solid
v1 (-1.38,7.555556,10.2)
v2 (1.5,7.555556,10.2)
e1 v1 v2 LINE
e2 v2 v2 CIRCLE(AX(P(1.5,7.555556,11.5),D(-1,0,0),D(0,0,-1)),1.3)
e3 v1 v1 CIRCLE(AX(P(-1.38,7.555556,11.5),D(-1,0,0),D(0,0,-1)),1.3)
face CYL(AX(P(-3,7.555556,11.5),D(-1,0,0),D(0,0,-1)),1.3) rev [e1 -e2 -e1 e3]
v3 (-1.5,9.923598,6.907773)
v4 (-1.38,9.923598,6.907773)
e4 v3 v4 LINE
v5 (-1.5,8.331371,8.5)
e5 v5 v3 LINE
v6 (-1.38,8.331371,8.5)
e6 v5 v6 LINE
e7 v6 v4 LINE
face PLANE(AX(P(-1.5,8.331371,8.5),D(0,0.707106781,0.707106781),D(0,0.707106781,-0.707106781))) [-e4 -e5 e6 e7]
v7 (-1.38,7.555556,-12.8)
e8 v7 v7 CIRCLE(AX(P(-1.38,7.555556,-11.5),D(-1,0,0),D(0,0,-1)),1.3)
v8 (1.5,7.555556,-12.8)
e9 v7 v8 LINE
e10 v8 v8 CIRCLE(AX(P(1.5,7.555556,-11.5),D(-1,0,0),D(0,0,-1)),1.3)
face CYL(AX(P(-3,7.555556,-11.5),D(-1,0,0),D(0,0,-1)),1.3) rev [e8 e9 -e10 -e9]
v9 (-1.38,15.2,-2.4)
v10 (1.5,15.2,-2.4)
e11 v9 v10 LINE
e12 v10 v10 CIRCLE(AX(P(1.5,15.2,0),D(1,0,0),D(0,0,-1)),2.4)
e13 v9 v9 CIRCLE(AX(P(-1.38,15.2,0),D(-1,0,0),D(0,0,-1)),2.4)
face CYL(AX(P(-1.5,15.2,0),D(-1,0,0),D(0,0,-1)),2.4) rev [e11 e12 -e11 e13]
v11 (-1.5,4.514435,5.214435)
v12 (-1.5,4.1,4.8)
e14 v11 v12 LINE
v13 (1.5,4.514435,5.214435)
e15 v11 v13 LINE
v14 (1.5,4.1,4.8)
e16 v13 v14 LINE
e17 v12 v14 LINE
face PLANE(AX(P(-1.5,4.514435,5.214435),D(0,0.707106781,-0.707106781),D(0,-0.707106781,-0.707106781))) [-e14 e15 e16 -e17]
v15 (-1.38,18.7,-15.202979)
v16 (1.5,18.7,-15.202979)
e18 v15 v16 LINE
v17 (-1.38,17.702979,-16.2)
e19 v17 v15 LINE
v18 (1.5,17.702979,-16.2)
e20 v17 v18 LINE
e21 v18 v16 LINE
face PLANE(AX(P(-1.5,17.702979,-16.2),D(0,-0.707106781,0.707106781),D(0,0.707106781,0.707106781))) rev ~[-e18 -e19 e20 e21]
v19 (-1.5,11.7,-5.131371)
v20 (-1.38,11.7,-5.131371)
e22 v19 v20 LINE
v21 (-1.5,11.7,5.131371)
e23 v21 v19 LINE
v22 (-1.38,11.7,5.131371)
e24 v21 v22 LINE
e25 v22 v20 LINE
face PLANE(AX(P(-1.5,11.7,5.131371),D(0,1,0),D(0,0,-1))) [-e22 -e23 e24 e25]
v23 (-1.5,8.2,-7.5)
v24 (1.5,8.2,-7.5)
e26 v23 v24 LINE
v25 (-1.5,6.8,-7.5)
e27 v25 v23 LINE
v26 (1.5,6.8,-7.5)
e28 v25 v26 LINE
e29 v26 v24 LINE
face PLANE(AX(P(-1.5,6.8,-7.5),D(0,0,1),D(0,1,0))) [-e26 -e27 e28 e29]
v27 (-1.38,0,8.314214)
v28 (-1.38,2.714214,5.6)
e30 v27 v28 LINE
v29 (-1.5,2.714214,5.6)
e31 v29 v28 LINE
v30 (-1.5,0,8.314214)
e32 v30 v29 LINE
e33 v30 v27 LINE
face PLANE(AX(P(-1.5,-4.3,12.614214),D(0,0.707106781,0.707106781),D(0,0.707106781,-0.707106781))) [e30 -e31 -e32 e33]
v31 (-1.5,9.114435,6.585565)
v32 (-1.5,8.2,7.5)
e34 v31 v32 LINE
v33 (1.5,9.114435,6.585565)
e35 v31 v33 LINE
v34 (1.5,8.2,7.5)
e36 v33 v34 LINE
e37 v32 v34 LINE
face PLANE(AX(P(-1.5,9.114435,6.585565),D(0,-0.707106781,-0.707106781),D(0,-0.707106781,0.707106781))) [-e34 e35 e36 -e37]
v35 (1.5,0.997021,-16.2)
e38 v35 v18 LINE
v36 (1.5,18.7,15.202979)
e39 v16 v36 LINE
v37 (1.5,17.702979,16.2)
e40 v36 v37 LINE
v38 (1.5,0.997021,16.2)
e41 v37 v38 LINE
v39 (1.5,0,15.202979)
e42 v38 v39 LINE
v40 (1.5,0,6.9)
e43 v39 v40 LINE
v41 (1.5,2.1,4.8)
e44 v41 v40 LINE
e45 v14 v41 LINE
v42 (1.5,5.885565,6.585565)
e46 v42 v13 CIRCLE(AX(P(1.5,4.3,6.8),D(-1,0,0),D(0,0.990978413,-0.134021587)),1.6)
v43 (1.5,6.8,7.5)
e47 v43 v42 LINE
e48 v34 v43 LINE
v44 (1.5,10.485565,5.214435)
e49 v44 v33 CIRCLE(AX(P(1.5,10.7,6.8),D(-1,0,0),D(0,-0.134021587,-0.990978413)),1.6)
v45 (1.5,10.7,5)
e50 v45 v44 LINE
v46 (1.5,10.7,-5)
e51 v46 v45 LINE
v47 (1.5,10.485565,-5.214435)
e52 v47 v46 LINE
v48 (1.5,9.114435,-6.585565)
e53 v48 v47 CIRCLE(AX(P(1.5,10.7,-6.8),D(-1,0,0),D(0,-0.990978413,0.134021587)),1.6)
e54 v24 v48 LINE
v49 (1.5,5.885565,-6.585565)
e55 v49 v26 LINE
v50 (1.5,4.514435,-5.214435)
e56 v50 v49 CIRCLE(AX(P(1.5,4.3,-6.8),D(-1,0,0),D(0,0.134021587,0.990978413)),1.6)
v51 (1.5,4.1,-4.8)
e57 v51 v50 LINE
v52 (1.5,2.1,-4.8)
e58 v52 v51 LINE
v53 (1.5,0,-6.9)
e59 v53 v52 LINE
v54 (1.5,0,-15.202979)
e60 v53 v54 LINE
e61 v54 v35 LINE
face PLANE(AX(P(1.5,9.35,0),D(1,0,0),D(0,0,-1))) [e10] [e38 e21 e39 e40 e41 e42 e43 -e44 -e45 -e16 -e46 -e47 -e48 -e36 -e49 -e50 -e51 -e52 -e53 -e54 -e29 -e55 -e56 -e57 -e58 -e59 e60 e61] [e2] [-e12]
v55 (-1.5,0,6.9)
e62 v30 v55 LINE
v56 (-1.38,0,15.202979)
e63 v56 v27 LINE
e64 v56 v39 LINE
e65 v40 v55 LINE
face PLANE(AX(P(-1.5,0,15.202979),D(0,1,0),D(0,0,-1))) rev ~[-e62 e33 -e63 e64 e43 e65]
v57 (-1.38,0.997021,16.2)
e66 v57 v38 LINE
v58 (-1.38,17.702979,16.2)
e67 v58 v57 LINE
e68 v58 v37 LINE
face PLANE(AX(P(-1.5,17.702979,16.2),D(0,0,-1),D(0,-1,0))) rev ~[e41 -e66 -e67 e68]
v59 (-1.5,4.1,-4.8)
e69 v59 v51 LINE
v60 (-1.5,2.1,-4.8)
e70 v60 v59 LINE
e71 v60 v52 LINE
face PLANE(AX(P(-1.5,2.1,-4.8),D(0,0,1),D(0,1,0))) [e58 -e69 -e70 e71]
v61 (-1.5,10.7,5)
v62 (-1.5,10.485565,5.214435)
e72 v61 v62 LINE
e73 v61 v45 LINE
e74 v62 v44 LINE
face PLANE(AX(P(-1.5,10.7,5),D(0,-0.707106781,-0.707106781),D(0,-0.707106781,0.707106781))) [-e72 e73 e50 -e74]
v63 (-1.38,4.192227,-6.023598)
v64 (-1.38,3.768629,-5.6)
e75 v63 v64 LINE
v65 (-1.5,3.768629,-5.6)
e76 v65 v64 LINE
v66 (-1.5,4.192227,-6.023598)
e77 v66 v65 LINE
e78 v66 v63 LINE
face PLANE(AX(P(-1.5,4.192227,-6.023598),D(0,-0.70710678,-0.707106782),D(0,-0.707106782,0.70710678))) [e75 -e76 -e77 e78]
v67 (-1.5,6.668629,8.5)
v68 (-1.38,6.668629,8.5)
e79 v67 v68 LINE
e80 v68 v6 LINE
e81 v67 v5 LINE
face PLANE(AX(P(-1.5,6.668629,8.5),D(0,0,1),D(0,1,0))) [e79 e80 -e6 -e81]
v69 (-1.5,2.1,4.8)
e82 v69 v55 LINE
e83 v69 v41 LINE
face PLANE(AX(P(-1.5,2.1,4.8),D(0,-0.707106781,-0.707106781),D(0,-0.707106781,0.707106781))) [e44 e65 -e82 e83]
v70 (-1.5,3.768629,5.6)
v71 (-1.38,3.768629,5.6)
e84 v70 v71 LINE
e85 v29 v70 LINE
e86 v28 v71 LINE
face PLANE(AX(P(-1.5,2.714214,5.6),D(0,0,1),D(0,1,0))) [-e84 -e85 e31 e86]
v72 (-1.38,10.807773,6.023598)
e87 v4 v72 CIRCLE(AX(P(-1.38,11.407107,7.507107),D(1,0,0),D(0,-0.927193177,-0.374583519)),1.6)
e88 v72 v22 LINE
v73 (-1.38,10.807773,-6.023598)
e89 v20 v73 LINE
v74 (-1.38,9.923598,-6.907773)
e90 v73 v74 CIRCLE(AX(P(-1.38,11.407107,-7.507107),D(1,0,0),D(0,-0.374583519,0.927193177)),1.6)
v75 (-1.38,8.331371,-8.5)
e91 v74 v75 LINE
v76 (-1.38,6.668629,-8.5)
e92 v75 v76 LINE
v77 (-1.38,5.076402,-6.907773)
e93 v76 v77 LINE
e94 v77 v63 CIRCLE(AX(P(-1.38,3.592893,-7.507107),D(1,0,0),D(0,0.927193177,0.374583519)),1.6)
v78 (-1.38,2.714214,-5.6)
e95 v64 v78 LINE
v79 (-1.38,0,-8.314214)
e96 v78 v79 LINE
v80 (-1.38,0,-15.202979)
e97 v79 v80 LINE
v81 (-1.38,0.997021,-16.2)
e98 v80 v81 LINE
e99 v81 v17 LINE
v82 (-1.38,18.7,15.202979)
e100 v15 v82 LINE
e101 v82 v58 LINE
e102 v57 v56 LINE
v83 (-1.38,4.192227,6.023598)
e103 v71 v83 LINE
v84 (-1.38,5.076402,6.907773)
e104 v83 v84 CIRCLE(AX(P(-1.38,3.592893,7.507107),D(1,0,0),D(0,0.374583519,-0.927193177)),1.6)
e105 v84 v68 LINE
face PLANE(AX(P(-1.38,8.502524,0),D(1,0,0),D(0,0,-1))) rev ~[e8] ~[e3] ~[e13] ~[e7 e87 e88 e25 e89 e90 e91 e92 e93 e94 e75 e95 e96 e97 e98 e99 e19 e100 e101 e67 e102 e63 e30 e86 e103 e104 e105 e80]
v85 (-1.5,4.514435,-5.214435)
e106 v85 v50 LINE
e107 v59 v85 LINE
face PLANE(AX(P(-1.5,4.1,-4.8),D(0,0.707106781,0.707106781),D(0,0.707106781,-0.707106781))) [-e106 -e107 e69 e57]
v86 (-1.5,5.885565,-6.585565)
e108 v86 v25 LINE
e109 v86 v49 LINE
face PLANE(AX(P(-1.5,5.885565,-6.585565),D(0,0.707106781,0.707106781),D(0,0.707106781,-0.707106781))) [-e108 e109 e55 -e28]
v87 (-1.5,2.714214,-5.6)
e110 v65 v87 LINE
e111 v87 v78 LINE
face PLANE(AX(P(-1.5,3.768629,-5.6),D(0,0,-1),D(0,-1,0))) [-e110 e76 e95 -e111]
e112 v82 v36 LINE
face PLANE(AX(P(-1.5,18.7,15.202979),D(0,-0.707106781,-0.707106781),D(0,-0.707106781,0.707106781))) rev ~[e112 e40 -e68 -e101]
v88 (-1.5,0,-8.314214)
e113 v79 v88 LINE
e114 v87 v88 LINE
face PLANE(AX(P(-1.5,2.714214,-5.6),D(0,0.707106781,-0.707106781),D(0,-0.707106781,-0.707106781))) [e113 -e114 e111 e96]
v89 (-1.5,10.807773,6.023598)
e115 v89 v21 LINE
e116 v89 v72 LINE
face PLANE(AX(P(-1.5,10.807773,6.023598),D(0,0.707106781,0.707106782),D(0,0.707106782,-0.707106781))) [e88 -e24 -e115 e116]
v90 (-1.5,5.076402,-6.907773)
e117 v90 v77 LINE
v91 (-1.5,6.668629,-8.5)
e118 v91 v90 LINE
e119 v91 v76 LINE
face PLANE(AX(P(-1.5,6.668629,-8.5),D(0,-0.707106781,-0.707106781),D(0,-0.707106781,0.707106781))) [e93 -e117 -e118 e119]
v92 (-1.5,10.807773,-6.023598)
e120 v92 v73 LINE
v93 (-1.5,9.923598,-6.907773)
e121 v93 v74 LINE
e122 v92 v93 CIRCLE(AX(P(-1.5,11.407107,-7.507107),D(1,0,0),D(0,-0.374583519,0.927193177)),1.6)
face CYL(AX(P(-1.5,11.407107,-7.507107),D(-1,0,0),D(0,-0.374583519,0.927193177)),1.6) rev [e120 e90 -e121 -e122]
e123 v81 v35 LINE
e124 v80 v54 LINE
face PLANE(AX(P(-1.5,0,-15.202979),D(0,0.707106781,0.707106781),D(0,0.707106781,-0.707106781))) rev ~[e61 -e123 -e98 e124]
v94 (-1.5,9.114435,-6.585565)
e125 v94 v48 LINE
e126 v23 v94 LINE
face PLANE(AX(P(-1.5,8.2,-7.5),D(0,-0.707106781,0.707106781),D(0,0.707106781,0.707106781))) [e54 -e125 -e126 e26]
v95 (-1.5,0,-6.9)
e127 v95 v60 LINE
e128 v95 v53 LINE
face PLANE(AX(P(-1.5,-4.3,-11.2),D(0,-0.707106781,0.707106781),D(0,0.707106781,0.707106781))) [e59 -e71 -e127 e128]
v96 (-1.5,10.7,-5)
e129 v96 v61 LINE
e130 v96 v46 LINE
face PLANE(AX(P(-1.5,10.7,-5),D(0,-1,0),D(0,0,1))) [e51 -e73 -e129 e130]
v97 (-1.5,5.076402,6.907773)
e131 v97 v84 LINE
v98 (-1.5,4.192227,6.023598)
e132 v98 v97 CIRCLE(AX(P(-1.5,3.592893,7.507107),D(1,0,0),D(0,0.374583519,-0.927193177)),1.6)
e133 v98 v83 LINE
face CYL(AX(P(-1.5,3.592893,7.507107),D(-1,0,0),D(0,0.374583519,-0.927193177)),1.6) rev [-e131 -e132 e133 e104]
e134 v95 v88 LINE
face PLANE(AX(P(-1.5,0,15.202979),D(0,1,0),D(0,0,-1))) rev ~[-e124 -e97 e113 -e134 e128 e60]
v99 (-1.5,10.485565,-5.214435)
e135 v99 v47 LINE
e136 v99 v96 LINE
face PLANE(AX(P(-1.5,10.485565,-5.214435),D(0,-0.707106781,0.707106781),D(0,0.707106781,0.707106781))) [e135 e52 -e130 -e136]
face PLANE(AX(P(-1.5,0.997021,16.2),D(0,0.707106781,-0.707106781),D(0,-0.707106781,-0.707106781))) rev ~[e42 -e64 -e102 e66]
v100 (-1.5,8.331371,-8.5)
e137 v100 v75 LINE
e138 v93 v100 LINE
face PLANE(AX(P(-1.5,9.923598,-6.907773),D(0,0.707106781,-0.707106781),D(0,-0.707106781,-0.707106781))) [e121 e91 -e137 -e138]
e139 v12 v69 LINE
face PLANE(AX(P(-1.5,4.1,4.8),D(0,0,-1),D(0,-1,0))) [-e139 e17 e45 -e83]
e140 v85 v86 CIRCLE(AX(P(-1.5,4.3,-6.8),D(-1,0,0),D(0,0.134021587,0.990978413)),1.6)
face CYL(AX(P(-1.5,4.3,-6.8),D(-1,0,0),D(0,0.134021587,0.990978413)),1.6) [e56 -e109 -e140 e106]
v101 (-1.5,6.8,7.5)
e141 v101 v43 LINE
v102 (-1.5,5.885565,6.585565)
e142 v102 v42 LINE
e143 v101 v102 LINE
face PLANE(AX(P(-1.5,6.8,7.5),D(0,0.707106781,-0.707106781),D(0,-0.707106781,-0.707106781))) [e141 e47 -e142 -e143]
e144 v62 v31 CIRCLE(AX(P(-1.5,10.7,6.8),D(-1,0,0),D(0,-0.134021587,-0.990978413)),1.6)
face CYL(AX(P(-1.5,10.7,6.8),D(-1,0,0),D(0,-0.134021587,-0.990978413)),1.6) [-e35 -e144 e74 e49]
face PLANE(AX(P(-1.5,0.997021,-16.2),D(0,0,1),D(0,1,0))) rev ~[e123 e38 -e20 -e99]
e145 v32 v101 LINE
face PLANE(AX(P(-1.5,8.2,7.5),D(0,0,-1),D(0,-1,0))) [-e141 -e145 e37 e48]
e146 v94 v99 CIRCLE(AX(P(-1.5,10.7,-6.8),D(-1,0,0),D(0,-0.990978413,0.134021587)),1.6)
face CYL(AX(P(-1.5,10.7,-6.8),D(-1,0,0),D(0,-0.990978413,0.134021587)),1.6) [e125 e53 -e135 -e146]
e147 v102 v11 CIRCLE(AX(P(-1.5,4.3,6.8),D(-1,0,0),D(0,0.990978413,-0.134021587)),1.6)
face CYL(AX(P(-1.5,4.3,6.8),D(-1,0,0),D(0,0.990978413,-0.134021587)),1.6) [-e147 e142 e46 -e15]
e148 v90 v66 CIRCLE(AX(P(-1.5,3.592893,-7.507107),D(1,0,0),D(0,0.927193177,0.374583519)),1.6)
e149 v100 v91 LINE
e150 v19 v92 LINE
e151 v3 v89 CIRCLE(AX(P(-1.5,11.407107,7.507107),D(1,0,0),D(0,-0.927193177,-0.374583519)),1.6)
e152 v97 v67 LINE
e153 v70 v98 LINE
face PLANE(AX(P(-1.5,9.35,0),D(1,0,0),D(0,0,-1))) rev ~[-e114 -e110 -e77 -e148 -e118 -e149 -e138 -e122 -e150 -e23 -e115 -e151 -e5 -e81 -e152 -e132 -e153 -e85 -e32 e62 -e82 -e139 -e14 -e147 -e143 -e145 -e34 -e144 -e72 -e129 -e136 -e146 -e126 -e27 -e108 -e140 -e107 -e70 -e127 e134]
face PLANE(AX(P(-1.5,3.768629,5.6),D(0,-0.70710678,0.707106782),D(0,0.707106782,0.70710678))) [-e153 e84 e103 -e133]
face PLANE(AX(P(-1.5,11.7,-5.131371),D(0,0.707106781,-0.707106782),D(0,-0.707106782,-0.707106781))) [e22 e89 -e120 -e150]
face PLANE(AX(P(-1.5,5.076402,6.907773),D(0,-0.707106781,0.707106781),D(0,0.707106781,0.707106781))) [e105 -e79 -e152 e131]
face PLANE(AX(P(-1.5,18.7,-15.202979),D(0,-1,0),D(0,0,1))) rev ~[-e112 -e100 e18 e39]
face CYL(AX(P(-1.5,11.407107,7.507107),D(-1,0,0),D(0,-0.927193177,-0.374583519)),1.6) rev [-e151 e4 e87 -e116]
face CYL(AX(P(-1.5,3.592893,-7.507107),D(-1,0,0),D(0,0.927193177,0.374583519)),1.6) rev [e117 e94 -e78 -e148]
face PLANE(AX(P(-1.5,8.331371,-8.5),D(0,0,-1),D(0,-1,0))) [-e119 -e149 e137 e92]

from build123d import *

# Parameters (mm, degrees)
EXTRUDE_1_DEPTH          = 1.5
EXTRUDE_1_DEPTH_BACK     = 1.5
CUT_EXTRUDE_1_DEPTH      = 1.5
CUT_EXTRUDE_1_DEPTH_BACK = 1.5
CUT_EXTRUDE_2_DEPTH      = 0.12
SKETCH_4_R               = 2.4
CUT_EXTRUDE_3_DEPTH      = 3
CUT_EXTRUDE_4_DEPTH      = 3
CUT_EXTRUDE_4_DEPTH_BACK = 3
SKETCH_5_R               = 1.3
CUT_EXTRUDE_5_DEPTH      = 3
CUT_EXTRUDE_5_DEPTH_BACK = 3
SKETCH_6_R               = 1.3


with BuildPart() as part:
    # Эскиз1 → Бобышка-Вытянуть1 (new, two sides: drawn at the far end of the back side and taken through both)
    with BuildSketch(Plane(origin=(0, 0, 0), x_dir=(0, 0, -1), z_dir=(1, 0, 0)).offset(-EXTRUDE_1_DEPTH_BACK)):
        Polygon((-16.2, 0.997020561), (-15.202979439, 0), (15.202979439, 0), (16.2, 0.997020561), (16.2, 17.702979439), (15.202979439, 18.7), (-15.202979439, 18.7), (-16.2, 17.702979439), align=None)
    extrude(amount=EXTRUDE_1_DEPTH + EXTRUDE_1_DEPTH_BACK)

    # Эскиз2 → Вырез-Вытянуть1 (cut, two sides: drawn at the far end of the back side and taken through both)
    with BuildSketch(Plane(origin=(0, 0, 0), x_dir=(0, 0, -1), z_dir=(1, 0, 0)).offset(-CUT_EXTRUDE_1_DEPTH_BACK)):
        with BuildLine():
            Line((-11.2, -4.3), (11.2, -4.3))
            Line((11.2, -4.3), (4.8, 2.1))
            Line((4.8, 2.1), (4.8, 4.1))
            Line((4.8, 4.1), (5.21443454, 4.51443454))
            ThreePointArc((5.21443454, 4.51443454), (5.66862915, 5.43137085), (6.58556546, 5.88556546))
            Line((6.58556546, 5.88556546), (7.5, 6.8))
            Line((7.5, 6.8), (7.5, 8.2))
            Line((7.5, 8.2), (6.58556546, 9.11443454))
            ThreePointArc((6.58556546, 9.11443454), (5.66862915, 9.56862915), (5.21443454, 10.48556546))
            Line((5.21443454, 10.48556546), (5, 10.7))
            Line((5, 10.7), (-5, 10.7))
            Line((-5, 10.7), (-5.21443454, 10.48556546))
            ThreePointArc((-5.21443454, 10.48556546), (-5.66862915, 9.56862915), (-6.58556546, 9.11443454))
            Line((-6.58556546, 9.11443454), (-7.5, 8.2))
            Line((-7.5, 8.2), (-7.5, 6.8))
            Line((-7.5, 6.8), (-6.58556546, 5.88556546))
            ThreePointArc((-6.58556546, 5.88556546), (-5.66862915, 5.43137085), (-5.21443454, 4.51443454))
            Line((-5.21443454, 4.51443454), (-4.8, 4.1))
            Line((-4.8, 4.1), (-4.8, 2.1))
            Line((-4.8, 2.1), (-11.2, -4.3))
        make_face()
    extrude(amount=CUT_EXTRUDE_1_DEPTH + CUT_EXTRUDE_1_DEPTH_BACK, mode=Mode.SUBTRACT)

    # Эскиз3 → Вырез-Вытянуть2 (cut)
    with BuildSketch(Plane(origin=(-1.5, 0, 0), x_dir=(0, 0, -1), z_dir=(1, 0, 0))):
        with BuildLine():
            Line((-16.2, -4.3), (-12.614213562, -4.3))
            Line((-12.614213562, -4.3), (-5.6, 2.714213562))
            Line((-5.6, 2.714213562), (-5.6, 3.76862915))
            Line((-5.6, 3.76862915), (-6.023597697, 4.192226848))
            ThreePointArc((-6.023597697, 4.192226848), (-6.375735931, 4.724264069), (-6.907773152, 5.076402303))
            Line((-6.907773152, 5.076402303), (-8.5, 6.66862915))
            Line((-8.5, 6.66862915), (-8.5, 8.33137085))
            Line((-8.5, 8.33137085), (-6.907773152, 9.923597697))
            ThreePointArc((-6.907773152, 9.923597697), (-6.375735931, 10.275735931), (-6.023597697, 10.807773152))
            Line((-6.023597697, 10.807773152), (-5.13137085, 11.7))
            Line((-5.13137085, 11.7), (5.13137085, 11.7))
            Line((5.13137085, 11.7), (6.023597697, 10.807773152))
            ThreePointArc((6.023597697, 10.807773152), (6.375735931, 10.275735931), (6.907773152, 9.923597697))
            Line((6.907773152, 9.923597697), (8.5, 8.33137085))
            Line((8.5, 8.33137085), (8.5, 6.66862915))
            Line((8.5, 6.66862915), (6.907773152, 5.076402303))
            ThreePointArc((6.907773152, 5.076402303), (6.375735931, 4.724264069), (6.023597697, 4.192226848))
            Line((6.023597697, 4.192226848), (5.6, 3.76862915))
            Line((5.6, 3.76862915), (5.6, 2.714213562))
            Line((5.6, 2.714213562), (12.614213562, -4.3))
            Line((12.614213562, -4.3), (16.2, -4.3))
            Line((16.2, -4.3), (16.2, 18.7))
            Line((16.2, 18.7), (-16.2, 18.7))
            Line((-16.2, 18.7), (-16.2, -4.3))
        make_face()
    extrude(amount=CUT_EXTRUDE_2_DEPTH, mode=Mode.SUBTRACT)

    # Эскиз4 → Вырез-Вытянуть3 (cut)
    with BuildSketch(Plane(origin=(-1.5, 0, 0), x_dir=(0, 0, -1), z_dir=(1, 0, 0))):
        with Locations((0, 15.2)):
            Circle(SKETCH_4_R)
    extrude(amount=CUT_EXTRUDE_3_DEPTH, mode=Mode.SUBTRACT)

    # Эскиз5 → Вырез-Вытянуть4 (cut, two sides: drawn at the far end of the back side and taken through both)
    with BuildSketch(Plane(origin=(0, 0, 0), x_dir=(0, 0, -1), z_dir=(1, 0, 0)).offset(-CUT_EXTRUDE_4_DEPTH_BACK)):
        with Locations((-11.5, 7.555556)):
            Circle(SKETCH_5_R)
    extrude(amount=CUT_EXTRUDE_4_DEPTH + CUT_EXTRUDE_4_DEPTH_BACK, mode=Mode.SUBTRACT)

    # Эскиз6 → Вырез-Вытянуть5 (cut, two sides: drawn at the far end of the back side and taken through both)
    with BuildSketch(Plane(origin=(0, 0, 0), x_dir=(0, 0, -1), z_dir=(1, 0, 0)).offset(-CUT_EXTRUDE_5_DEPTH_BACK)):
        with Locations((11.5, 7.555556)):
            Circle(SKETCH_6_R)
    extrude(amount=CUT_EXTRUDE_5_DEPTH + CUT_EXTRUDE_5_DEPTH_BACK, mode=Mode.SUBTRACT)


solid = part.part
